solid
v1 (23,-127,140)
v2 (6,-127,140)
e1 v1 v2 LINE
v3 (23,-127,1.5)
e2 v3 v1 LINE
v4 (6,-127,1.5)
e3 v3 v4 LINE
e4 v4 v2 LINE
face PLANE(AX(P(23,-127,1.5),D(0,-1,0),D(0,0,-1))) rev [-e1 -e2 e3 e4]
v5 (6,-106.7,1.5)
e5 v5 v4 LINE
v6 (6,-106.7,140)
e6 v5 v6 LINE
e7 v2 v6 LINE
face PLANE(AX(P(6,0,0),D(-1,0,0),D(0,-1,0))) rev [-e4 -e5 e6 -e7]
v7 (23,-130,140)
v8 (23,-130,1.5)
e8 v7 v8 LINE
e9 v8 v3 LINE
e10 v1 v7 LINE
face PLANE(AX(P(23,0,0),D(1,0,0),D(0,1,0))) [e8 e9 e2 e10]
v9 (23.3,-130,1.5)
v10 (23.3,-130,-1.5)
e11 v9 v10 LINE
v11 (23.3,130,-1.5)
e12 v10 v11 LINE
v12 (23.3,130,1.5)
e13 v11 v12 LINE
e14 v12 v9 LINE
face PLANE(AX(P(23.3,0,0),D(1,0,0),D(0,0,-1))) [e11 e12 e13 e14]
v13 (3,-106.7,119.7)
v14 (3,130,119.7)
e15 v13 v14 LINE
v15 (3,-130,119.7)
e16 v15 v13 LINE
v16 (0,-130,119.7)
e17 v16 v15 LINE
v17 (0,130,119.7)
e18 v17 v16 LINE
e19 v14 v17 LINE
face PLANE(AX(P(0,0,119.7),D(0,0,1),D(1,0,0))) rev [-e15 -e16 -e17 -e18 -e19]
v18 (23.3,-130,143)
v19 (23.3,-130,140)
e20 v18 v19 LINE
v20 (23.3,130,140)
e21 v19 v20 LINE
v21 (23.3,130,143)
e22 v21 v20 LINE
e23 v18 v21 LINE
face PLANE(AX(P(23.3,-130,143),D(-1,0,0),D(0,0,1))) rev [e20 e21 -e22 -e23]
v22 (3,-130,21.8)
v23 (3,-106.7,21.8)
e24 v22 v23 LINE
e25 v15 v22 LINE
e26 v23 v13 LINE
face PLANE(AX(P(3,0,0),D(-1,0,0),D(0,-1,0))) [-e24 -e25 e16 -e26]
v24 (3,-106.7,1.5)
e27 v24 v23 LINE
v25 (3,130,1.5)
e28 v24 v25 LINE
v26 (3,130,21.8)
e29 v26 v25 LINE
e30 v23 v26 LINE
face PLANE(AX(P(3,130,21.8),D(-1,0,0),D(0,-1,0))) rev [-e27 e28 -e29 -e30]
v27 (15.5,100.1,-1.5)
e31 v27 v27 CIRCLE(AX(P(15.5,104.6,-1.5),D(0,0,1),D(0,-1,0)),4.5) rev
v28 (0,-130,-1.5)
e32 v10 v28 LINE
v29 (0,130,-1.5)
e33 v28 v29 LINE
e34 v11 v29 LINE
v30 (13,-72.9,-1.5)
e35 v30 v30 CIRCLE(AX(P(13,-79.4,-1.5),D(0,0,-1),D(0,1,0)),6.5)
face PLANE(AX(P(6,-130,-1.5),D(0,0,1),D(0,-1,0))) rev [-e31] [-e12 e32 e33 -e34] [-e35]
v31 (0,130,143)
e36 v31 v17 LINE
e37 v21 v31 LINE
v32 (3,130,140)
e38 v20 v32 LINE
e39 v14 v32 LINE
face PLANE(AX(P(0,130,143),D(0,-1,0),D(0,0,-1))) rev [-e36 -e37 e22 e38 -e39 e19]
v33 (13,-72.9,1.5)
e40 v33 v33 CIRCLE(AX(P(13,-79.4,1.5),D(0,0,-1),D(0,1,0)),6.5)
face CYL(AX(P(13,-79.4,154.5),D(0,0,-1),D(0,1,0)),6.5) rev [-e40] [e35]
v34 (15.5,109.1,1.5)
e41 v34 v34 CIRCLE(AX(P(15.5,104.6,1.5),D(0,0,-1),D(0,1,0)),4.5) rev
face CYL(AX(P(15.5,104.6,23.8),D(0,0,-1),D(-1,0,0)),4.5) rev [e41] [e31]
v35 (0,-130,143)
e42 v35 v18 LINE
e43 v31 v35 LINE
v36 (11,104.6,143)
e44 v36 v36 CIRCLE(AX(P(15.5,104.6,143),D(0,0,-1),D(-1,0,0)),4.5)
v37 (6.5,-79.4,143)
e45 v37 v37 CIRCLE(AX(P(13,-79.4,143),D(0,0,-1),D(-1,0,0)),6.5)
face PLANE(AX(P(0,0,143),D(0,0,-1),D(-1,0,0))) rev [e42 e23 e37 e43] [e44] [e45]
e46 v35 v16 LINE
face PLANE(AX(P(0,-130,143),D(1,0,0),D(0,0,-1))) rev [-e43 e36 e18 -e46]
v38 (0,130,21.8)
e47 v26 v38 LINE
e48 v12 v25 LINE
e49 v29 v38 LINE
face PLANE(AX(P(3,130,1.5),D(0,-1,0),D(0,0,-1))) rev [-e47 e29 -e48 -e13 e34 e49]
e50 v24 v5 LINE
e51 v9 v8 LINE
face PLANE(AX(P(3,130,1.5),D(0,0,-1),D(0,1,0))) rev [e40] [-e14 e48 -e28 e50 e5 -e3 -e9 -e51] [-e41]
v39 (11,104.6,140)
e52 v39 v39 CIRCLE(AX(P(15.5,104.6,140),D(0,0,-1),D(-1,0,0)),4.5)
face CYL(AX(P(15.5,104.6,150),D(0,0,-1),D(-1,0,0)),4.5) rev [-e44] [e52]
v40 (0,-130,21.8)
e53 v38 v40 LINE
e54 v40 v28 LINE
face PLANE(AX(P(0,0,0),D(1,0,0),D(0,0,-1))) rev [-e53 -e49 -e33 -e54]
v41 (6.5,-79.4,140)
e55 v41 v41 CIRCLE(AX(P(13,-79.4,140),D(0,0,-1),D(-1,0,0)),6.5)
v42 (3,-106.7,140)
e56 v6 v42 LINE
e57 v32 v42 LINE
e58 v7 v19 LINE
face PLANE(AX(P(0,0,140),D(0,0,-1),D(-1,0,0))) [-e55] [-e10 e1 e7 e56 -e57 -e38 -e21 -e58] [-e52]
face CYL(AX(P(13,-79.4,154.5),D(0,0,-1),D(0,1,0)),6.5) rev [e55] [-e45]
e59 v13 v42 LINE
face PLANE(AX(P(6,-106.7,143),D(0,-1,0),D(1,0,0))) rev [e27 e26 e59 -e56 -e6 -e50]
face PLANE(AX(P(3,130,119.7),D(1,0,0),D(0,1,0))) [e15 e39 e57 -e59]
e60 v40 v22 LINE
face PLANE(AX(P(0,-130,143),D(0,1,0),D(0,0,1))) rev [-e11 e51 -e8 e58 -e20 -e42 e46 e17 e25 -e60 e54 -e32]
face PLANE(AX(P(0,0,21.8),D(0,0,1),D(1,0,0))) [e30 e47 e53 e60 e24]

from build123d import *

# Parameters (mm, degrees)
SKETCH1_W               = 3
SKETCH1_H               = 260
BOSS_EXTRUDE1_DEPTH     = 3
SKETCH2_W               = 3
SKETCH2_H               = 260
BOSS_EXTRUDE2_DEPTH     = 20.3
CUT_EXTRUDE1_DEPTH      = 22.3
CUT_EXTRUDE1_DEPTH_BACK = 20.3
SKETCH3_R               = 4.5
SKETCH5_W               = 23.3
SKETCH5_H               = 260
BOSS_EXTRUDE3_DEPTH     = 3
SKETCH6_W               = 3
SKETCH6_H               = 260
BOSS_EXTRUDE4_DEPTH     = 23.3
SKETCH8_W               = 3
SKETCH8_H               = 260
BOSS_EXTRUDE5_DEPTH     = 20.3
SKETCH11_W              = 144.5
SKETCH11_H              = 23.3
BOSS_EXTRUDE6_DEPTH     = 3
SKETCH12_W              = 138.5
SKETCH12_H              = 3
BOSS_EXTRUDE7_DEPTH     = 17
SKETCH10_R              = 6.5
CUT_EXTRUDE3_DEPTH      = 156
CUT_EXTRUDE4_START      = -10
SKETCH7_R               = 4.5
CUT_EXTRUDE4_DEPTH      = 10


with BuildPart() as part:
    # Sketch1 → Boss-Extrude1 (new body)
    with BuildSketch(Plane(origin=(0, 0, 0), x_dir=(0, 0, -1), z_dir=(1, 0, 0))):
        Rectangle(SKETCH1_W, SKETCH1_H)
    extrude(amount=BOSS_EXTRUDE1_DEPTH)

    # Sketch2 → Boss-Extrude2 (add)
    with BuildSketch(Plane(origin=(3, 0, 0), x_dir=(0, 0, -1), z_dir=(1, 0, 0))):
        Rectangle(SKETCH2_W, SKETCH2_H)
    extrude(amount=BOSS_EXTRUDE2_DEPTH)

    # Sketch3 → Cut-Extrude1 (cut, two sides: drawn at the far end of the back side and taken through both)
    with BuildSketch(Plane.XY.offset(1.5).offset(-CUT_EXTRUDE1_DEPTH_BACK)):
        with Locations(Location((15.5, 104.6, 0), (0, 0, 90))):
            Circle(SKETCH3_R)
    extrude(amount=CUT_EXTRUDE1_DEPTH + CUT_EXTRUDE1_DEPTH_BACK, mode=Mode.SUBTRACT)

    # Sketch8 → Boss-Extrude5 (add)
    with BuildSketch(Plane.XY.offset(1.5)):
        with Locations((1.5, 0)):
            Rectangle(SKETCH8_W, SKETCH8_H)
    extrude(amount=BOSS_EXTRUDE5_DEPTH)



with BuildPart() as body_2:
    # Sketch5 → Boss-Extrude3 (new body)
    with BuildSketch(Plane.XY.offset(140)):
        with Locations((11.65, 0)):
            Rectangle(SKETCH5_W, SKETCH5_H)
    extrude(amount=BOSS_EXTRUDE3_DEPTH)

    # Sketch6 → Boss-Extrude4 (add)
    with BuildSketch(Plane.XY.offset(143)):
        with Locations((1.5, 0)):
            Rectangle(SKETCH6_W, SKETCH6_H)
    extrude(amount=-BOSS_EXTRUDE4_DEPTH)


with BuildPart() as part_1:
    add(part.part)

    add(body_2.part)  # Boss-Extrude6 merges body 2
    # Sketch11 → Boss-Extrude6 (add)
    with BuildSketch(Plane(origin=(3, 0, 0), x_dir=(0, 0, -1), z_dir=(1, 0, 0))):
        with Locations((-70.75, -118.35)):
            Rectangle(SKETCH11_W, SKETCH11_H)
    extrude(amount=BOSS_EXTRUDE6_DEPTH)

    # Sketch12 → Boss-Extrude7 (add)
    with BuildSketch(Plane(origin=(6, 0, 0), x_dir=(0, 0, -1), z_dir=(1, 0, 0))):
        with Locations((-70.75, -128.5)):
            Rectangle(SKETCH12_W, SKETCH12_H)
    extrude(amount=BOSS_EXTRUDE7_DEPTH)

    # Sketch10 → Cut-Extrude3 (cut)
    with BuildSketch(Plane(origin=(0, 0, -1.5), x_dir=(-1, 0, 0), z_dir=(0, 0, -1))):
        with Locations(Location((-13, -79.4, 0), (0, 0, 90))):
            Circle(SKETCH10_R)
    extrude(amount=-CUT_EXTRUDE3_DEPTH, mode=Mode.SUBTRACT)

    # Sketch7 → Cut-Extrude4 (cut)
    with BuildSketch(Plane(origin=(0, 0, 140), x_dir=(-1, 0, 0), z_dir=(0, 0, -1)).offset(CUT_EXTRUDE4_START)):
        with Locations(Location((-15.5, 104.6, 0), (0, 0, 90))):
            Circle(SKETCH7_R)
    extrude(amount=CUT_EXTRUDE4_DEPTH, mode=Mode.SUBTRACT)


solid = part_1.part
